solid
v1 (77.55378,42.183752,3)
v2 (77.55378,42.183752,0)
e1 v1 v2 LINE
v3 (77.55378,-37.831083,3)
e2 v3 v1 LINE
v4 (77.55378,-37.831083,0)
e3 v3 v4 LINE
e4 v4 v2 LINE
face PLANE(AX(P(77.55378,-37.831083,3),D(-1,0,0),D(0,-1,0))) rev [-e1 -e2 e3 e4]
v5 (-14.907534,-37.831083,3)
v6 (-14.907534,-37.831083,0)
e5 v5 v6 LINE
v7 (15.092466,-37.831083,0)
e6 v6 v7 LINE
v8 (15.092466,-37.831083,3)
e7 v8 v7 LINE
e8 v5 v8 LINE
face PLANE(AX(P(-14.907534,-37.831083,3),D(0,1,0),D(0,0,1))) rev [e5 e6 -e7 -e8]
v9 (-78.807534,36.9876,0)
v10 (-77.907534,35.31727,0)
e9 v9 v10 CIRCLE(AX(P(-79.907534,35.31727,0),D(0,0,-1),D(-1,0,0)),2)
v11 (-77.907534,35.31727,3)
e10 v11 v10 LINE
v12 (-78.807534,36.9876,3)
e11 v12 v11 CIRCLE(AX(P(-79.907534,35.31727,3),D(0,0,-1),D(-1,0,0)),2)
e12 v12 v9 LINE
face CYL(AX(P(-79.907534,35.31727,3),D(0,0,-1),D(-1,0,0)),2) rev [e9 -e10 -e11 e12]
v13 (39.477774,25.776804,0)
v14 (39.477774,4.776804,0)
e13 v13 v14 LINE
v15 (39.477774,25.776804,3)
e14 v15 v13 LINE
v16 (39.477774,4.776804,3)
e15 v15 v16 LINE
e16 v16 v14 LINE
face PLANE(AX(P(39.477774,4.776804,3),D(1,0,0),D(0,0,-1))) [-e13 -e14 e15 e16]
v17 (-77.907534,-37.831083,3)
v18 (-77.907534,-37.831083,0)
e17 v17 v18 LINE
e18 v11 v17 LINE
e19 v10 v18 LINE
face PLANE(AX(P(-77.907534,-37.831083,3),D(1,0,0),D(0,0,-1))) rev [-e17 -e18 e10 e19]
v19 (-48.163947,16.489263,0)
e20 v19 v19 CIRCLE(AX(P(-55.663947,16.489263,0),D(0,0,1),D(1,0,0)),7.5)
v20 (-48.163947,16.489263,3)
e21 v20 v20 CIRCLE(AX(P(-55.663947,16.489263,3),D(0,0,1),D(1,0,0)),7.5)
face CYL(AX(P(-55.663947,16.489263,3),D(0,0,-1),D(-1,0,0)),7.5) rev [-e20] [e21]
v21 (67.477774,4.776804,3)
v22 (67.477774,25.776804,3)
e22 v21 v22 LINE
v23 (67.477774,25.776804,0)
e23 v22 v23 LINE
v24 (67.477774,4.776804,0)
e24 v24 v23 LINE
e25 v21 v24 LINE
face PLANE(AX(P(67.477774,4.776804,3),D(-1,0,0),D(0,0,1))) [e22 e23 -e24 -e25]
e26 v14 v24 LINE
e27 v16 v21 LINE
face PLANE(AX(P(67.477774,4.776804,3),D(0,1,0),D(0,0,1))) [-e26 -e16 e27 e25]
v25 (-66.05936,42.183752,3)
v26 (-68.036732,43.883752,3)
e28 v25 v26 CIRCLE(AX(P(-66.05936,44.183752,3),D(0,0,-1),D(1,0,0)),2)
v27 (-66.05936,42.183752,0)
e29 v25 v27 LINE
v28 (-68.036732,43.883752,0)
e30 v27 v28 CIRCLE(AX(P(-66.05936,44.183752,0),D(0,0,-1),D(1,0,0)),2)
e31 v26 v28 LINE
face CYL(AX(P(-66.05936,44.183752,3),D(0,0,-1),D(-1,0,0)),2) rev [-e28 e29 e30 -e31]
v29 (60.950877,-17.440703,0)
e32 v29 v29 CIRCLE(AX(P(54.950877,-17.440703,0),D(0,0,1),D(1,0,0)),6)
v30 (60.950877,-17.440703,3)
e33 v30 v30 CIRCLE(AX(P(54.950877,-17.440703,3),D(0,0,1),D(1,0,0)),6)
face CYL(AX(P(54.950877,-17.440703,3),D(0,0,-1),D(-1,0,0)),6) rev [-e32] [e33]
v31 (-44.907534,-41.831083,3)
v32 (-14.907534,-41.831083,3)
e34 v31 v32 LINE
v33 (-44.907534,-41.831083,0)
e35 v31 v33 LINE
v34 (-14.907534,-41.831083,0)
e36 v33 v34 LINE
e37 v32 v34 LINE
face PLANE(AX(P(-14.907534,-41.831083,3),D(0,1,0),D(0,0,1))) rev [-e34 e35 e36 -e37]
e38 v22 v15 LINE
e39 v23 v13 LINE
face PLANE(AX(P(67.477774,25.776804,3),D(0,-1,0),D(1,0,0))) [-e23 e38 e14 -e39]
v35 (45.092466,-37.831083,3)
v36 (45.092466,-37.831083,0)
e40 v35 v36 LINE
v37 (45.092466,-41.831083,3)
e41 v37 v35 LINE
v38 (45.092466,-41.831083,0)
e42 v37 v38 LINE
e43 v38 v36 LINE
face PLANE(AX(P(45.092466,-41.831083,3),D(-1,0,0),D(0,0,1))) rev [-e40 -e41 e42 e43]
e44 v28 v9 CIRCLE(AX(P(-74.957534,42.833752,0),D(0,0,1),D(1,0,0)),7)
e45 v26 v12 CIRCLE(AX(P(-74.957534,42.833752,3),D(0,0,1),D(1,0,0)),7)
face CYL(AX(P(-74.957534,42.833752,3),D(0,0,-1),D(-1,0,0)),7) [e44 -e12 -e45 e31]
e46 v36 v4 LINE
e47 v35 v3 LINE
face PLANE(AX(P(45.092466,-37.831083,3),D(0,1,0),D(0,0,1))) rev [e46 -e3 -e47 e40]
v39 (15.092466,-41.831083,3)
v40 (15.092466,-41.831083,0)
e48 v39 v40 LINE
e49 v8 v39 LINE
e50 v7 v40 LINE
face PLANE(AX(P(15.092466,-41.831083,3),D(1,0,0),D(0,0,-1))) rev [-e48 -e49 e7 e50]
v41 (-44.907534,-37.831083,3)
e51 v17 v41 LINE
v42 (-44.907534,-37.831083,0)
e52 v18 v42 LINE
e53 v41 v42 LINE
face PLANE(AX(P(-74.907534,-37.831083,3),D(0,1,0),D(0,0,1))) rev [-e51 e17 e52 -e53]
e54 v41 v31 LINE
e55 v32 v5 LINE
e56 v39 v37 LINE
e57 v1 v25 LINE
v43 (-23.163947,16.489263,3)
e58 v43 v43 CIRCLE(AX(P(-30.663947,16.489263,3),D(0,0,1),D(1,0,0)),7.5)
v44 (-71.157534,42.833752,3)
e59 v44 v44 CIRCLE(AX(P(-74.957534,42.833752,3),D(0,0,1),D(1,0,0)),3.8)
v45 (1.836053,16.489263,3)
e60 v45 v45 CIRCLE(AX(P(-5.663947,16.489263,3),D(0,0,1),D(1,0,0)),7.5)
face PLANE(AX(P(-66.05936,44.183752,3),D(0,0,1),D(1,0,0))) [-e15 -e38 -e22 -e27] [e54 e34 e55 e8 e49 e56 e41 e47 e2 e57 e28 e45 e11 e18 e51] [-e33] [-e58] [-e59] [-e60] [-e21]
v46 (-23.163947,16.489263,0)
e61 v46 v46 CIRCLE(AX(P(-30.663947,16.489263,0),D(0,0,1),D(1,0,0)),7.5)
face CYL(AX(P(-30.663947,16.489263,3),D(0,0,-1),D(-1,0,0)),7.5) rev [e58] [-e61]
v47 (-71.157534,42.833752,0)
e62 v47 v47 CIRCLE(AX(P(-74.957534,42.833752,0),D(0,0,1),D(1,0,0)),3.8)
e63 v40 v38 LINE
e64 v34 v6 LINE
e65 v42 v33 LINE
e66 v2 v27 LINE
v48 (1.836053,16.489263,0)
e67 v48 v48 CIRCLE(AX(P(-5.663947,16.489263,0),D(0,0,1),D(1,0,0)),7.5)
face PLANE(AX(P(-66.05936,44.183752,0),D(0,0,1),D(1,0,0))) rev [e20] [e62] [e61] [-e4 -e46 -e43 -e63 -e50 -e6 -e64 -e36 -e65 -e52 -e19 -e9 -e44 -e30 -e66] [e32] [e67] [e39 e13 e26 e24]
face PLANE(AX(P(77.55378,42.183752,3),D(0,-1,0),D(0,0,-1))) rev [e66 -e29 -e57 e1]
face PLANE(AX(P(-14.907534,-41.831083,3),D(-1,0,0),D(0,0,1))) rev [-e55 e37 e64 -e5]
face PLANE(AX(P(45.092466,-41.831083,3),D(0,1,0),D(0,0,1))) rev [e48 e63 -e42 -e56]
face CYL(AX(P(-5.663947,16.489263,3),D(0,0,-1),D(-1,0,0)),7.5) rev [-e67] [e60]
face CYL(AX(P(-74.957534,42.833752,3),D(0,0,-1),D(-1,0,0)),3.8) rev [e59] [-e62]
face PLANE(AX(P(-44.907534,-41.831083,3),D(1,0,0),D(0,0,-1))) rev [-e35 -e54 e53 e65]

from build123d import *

# Parameters (mm, degrees)
SKETCH1_R           = 3.8
SKETCH1_R_2         = 7.5
SKETCH1_R_3         = 6
SKETCH1_W           = 28
SKETCH1_H           = 21
BOSS_EXTRUDE1_DEPTH = 3


with BuildPart() as part:
    # Sketch1 → Boss-Extrude1 (new body)
    with BuildSketch(Plane.XY):
        with BuildLine():
            Line((-44.907534458, -41.831082964), (-44.907534458, -37.831082964))
            Line((-44.907534458, -37.831082964), (-74.907534458, -37.831082964))
            Line((-74.907534458, -37.831082964), (-77.907534458, -37.831082964))
            Line((-77.907534458, -37.831082964), (-77.907534458, 35.317270492))
            ThreePointArc((-77.907534458, 35.317270492), (-78.146852772, 36.26595379), (-78.807534458, 36.987599801))
            ThreePointArc((-78.807534458, 36.987599801), (-78.73201274, 48.728946501), (-68.036732481, 43.883752382))
            ThreePointArc((-68.036732481, 43.883752382), (-67.363200969, 42.667177293), (-66.059360488, 42.183752382))
            Line((-66.059360488, 42.183752382), (77.553779546, 42.183752382))
            Line((77.553779546, 42.183752382), (77.553779546, -37.831082964))
            Line((77.553779546, -37.831082964), (45.092465542, -37.831082964))
            Line((45.092465542, -37.831082964), (45.092465542, -41.831082964))
            Line((45.092465542, -41.831082964), (15.092465542, -41.831082964))
            Line((15.092465542, -41.831082964), (15.092465542, -37.831082964))
            Line((15.092465542, -37.831082964), (-14.907534458, -37.831082964))
            Line((-14.907534458, -37.831082964), (-14.907534458, -41.831082964))
            Line((-14.907534458, -41.831082964), (-44.907534458, -41.831082964))
        make_face()
        with Locations((-74.957534458, 42.833752382)):
            Circle(SKETCH1_R, mode=Mode.SUBTRACT)
        with Locations((-55.663947073, 16.489262872)):
            Circle(SKETCH1_R_2, mode=Mode.SUBTRACT)
        with Locations((-30.663947073, 16.489262872)):
            Circle(SKETCH1_R_2, mode=Mode.SUBTRACT)
        with Locations((-5.663947073, 16.489262872)):
            Circle(SKETCH1_R_2, mode=Mode.SUBTRACT)
        with Locations((54.950876551, -17.44070313)):
            Circle(SKETCH1_R_3, mode=Mode.SUBTRACT)
        with Locations((53.477773965, 15.276803872)):
            Rectangle(SKETCH1_W, SKETCH1_H, mode=Mode.SUBTRACT)
    extrude(amount=BOSS_EXTRUDE1_DEPTH)


solid = part.part
